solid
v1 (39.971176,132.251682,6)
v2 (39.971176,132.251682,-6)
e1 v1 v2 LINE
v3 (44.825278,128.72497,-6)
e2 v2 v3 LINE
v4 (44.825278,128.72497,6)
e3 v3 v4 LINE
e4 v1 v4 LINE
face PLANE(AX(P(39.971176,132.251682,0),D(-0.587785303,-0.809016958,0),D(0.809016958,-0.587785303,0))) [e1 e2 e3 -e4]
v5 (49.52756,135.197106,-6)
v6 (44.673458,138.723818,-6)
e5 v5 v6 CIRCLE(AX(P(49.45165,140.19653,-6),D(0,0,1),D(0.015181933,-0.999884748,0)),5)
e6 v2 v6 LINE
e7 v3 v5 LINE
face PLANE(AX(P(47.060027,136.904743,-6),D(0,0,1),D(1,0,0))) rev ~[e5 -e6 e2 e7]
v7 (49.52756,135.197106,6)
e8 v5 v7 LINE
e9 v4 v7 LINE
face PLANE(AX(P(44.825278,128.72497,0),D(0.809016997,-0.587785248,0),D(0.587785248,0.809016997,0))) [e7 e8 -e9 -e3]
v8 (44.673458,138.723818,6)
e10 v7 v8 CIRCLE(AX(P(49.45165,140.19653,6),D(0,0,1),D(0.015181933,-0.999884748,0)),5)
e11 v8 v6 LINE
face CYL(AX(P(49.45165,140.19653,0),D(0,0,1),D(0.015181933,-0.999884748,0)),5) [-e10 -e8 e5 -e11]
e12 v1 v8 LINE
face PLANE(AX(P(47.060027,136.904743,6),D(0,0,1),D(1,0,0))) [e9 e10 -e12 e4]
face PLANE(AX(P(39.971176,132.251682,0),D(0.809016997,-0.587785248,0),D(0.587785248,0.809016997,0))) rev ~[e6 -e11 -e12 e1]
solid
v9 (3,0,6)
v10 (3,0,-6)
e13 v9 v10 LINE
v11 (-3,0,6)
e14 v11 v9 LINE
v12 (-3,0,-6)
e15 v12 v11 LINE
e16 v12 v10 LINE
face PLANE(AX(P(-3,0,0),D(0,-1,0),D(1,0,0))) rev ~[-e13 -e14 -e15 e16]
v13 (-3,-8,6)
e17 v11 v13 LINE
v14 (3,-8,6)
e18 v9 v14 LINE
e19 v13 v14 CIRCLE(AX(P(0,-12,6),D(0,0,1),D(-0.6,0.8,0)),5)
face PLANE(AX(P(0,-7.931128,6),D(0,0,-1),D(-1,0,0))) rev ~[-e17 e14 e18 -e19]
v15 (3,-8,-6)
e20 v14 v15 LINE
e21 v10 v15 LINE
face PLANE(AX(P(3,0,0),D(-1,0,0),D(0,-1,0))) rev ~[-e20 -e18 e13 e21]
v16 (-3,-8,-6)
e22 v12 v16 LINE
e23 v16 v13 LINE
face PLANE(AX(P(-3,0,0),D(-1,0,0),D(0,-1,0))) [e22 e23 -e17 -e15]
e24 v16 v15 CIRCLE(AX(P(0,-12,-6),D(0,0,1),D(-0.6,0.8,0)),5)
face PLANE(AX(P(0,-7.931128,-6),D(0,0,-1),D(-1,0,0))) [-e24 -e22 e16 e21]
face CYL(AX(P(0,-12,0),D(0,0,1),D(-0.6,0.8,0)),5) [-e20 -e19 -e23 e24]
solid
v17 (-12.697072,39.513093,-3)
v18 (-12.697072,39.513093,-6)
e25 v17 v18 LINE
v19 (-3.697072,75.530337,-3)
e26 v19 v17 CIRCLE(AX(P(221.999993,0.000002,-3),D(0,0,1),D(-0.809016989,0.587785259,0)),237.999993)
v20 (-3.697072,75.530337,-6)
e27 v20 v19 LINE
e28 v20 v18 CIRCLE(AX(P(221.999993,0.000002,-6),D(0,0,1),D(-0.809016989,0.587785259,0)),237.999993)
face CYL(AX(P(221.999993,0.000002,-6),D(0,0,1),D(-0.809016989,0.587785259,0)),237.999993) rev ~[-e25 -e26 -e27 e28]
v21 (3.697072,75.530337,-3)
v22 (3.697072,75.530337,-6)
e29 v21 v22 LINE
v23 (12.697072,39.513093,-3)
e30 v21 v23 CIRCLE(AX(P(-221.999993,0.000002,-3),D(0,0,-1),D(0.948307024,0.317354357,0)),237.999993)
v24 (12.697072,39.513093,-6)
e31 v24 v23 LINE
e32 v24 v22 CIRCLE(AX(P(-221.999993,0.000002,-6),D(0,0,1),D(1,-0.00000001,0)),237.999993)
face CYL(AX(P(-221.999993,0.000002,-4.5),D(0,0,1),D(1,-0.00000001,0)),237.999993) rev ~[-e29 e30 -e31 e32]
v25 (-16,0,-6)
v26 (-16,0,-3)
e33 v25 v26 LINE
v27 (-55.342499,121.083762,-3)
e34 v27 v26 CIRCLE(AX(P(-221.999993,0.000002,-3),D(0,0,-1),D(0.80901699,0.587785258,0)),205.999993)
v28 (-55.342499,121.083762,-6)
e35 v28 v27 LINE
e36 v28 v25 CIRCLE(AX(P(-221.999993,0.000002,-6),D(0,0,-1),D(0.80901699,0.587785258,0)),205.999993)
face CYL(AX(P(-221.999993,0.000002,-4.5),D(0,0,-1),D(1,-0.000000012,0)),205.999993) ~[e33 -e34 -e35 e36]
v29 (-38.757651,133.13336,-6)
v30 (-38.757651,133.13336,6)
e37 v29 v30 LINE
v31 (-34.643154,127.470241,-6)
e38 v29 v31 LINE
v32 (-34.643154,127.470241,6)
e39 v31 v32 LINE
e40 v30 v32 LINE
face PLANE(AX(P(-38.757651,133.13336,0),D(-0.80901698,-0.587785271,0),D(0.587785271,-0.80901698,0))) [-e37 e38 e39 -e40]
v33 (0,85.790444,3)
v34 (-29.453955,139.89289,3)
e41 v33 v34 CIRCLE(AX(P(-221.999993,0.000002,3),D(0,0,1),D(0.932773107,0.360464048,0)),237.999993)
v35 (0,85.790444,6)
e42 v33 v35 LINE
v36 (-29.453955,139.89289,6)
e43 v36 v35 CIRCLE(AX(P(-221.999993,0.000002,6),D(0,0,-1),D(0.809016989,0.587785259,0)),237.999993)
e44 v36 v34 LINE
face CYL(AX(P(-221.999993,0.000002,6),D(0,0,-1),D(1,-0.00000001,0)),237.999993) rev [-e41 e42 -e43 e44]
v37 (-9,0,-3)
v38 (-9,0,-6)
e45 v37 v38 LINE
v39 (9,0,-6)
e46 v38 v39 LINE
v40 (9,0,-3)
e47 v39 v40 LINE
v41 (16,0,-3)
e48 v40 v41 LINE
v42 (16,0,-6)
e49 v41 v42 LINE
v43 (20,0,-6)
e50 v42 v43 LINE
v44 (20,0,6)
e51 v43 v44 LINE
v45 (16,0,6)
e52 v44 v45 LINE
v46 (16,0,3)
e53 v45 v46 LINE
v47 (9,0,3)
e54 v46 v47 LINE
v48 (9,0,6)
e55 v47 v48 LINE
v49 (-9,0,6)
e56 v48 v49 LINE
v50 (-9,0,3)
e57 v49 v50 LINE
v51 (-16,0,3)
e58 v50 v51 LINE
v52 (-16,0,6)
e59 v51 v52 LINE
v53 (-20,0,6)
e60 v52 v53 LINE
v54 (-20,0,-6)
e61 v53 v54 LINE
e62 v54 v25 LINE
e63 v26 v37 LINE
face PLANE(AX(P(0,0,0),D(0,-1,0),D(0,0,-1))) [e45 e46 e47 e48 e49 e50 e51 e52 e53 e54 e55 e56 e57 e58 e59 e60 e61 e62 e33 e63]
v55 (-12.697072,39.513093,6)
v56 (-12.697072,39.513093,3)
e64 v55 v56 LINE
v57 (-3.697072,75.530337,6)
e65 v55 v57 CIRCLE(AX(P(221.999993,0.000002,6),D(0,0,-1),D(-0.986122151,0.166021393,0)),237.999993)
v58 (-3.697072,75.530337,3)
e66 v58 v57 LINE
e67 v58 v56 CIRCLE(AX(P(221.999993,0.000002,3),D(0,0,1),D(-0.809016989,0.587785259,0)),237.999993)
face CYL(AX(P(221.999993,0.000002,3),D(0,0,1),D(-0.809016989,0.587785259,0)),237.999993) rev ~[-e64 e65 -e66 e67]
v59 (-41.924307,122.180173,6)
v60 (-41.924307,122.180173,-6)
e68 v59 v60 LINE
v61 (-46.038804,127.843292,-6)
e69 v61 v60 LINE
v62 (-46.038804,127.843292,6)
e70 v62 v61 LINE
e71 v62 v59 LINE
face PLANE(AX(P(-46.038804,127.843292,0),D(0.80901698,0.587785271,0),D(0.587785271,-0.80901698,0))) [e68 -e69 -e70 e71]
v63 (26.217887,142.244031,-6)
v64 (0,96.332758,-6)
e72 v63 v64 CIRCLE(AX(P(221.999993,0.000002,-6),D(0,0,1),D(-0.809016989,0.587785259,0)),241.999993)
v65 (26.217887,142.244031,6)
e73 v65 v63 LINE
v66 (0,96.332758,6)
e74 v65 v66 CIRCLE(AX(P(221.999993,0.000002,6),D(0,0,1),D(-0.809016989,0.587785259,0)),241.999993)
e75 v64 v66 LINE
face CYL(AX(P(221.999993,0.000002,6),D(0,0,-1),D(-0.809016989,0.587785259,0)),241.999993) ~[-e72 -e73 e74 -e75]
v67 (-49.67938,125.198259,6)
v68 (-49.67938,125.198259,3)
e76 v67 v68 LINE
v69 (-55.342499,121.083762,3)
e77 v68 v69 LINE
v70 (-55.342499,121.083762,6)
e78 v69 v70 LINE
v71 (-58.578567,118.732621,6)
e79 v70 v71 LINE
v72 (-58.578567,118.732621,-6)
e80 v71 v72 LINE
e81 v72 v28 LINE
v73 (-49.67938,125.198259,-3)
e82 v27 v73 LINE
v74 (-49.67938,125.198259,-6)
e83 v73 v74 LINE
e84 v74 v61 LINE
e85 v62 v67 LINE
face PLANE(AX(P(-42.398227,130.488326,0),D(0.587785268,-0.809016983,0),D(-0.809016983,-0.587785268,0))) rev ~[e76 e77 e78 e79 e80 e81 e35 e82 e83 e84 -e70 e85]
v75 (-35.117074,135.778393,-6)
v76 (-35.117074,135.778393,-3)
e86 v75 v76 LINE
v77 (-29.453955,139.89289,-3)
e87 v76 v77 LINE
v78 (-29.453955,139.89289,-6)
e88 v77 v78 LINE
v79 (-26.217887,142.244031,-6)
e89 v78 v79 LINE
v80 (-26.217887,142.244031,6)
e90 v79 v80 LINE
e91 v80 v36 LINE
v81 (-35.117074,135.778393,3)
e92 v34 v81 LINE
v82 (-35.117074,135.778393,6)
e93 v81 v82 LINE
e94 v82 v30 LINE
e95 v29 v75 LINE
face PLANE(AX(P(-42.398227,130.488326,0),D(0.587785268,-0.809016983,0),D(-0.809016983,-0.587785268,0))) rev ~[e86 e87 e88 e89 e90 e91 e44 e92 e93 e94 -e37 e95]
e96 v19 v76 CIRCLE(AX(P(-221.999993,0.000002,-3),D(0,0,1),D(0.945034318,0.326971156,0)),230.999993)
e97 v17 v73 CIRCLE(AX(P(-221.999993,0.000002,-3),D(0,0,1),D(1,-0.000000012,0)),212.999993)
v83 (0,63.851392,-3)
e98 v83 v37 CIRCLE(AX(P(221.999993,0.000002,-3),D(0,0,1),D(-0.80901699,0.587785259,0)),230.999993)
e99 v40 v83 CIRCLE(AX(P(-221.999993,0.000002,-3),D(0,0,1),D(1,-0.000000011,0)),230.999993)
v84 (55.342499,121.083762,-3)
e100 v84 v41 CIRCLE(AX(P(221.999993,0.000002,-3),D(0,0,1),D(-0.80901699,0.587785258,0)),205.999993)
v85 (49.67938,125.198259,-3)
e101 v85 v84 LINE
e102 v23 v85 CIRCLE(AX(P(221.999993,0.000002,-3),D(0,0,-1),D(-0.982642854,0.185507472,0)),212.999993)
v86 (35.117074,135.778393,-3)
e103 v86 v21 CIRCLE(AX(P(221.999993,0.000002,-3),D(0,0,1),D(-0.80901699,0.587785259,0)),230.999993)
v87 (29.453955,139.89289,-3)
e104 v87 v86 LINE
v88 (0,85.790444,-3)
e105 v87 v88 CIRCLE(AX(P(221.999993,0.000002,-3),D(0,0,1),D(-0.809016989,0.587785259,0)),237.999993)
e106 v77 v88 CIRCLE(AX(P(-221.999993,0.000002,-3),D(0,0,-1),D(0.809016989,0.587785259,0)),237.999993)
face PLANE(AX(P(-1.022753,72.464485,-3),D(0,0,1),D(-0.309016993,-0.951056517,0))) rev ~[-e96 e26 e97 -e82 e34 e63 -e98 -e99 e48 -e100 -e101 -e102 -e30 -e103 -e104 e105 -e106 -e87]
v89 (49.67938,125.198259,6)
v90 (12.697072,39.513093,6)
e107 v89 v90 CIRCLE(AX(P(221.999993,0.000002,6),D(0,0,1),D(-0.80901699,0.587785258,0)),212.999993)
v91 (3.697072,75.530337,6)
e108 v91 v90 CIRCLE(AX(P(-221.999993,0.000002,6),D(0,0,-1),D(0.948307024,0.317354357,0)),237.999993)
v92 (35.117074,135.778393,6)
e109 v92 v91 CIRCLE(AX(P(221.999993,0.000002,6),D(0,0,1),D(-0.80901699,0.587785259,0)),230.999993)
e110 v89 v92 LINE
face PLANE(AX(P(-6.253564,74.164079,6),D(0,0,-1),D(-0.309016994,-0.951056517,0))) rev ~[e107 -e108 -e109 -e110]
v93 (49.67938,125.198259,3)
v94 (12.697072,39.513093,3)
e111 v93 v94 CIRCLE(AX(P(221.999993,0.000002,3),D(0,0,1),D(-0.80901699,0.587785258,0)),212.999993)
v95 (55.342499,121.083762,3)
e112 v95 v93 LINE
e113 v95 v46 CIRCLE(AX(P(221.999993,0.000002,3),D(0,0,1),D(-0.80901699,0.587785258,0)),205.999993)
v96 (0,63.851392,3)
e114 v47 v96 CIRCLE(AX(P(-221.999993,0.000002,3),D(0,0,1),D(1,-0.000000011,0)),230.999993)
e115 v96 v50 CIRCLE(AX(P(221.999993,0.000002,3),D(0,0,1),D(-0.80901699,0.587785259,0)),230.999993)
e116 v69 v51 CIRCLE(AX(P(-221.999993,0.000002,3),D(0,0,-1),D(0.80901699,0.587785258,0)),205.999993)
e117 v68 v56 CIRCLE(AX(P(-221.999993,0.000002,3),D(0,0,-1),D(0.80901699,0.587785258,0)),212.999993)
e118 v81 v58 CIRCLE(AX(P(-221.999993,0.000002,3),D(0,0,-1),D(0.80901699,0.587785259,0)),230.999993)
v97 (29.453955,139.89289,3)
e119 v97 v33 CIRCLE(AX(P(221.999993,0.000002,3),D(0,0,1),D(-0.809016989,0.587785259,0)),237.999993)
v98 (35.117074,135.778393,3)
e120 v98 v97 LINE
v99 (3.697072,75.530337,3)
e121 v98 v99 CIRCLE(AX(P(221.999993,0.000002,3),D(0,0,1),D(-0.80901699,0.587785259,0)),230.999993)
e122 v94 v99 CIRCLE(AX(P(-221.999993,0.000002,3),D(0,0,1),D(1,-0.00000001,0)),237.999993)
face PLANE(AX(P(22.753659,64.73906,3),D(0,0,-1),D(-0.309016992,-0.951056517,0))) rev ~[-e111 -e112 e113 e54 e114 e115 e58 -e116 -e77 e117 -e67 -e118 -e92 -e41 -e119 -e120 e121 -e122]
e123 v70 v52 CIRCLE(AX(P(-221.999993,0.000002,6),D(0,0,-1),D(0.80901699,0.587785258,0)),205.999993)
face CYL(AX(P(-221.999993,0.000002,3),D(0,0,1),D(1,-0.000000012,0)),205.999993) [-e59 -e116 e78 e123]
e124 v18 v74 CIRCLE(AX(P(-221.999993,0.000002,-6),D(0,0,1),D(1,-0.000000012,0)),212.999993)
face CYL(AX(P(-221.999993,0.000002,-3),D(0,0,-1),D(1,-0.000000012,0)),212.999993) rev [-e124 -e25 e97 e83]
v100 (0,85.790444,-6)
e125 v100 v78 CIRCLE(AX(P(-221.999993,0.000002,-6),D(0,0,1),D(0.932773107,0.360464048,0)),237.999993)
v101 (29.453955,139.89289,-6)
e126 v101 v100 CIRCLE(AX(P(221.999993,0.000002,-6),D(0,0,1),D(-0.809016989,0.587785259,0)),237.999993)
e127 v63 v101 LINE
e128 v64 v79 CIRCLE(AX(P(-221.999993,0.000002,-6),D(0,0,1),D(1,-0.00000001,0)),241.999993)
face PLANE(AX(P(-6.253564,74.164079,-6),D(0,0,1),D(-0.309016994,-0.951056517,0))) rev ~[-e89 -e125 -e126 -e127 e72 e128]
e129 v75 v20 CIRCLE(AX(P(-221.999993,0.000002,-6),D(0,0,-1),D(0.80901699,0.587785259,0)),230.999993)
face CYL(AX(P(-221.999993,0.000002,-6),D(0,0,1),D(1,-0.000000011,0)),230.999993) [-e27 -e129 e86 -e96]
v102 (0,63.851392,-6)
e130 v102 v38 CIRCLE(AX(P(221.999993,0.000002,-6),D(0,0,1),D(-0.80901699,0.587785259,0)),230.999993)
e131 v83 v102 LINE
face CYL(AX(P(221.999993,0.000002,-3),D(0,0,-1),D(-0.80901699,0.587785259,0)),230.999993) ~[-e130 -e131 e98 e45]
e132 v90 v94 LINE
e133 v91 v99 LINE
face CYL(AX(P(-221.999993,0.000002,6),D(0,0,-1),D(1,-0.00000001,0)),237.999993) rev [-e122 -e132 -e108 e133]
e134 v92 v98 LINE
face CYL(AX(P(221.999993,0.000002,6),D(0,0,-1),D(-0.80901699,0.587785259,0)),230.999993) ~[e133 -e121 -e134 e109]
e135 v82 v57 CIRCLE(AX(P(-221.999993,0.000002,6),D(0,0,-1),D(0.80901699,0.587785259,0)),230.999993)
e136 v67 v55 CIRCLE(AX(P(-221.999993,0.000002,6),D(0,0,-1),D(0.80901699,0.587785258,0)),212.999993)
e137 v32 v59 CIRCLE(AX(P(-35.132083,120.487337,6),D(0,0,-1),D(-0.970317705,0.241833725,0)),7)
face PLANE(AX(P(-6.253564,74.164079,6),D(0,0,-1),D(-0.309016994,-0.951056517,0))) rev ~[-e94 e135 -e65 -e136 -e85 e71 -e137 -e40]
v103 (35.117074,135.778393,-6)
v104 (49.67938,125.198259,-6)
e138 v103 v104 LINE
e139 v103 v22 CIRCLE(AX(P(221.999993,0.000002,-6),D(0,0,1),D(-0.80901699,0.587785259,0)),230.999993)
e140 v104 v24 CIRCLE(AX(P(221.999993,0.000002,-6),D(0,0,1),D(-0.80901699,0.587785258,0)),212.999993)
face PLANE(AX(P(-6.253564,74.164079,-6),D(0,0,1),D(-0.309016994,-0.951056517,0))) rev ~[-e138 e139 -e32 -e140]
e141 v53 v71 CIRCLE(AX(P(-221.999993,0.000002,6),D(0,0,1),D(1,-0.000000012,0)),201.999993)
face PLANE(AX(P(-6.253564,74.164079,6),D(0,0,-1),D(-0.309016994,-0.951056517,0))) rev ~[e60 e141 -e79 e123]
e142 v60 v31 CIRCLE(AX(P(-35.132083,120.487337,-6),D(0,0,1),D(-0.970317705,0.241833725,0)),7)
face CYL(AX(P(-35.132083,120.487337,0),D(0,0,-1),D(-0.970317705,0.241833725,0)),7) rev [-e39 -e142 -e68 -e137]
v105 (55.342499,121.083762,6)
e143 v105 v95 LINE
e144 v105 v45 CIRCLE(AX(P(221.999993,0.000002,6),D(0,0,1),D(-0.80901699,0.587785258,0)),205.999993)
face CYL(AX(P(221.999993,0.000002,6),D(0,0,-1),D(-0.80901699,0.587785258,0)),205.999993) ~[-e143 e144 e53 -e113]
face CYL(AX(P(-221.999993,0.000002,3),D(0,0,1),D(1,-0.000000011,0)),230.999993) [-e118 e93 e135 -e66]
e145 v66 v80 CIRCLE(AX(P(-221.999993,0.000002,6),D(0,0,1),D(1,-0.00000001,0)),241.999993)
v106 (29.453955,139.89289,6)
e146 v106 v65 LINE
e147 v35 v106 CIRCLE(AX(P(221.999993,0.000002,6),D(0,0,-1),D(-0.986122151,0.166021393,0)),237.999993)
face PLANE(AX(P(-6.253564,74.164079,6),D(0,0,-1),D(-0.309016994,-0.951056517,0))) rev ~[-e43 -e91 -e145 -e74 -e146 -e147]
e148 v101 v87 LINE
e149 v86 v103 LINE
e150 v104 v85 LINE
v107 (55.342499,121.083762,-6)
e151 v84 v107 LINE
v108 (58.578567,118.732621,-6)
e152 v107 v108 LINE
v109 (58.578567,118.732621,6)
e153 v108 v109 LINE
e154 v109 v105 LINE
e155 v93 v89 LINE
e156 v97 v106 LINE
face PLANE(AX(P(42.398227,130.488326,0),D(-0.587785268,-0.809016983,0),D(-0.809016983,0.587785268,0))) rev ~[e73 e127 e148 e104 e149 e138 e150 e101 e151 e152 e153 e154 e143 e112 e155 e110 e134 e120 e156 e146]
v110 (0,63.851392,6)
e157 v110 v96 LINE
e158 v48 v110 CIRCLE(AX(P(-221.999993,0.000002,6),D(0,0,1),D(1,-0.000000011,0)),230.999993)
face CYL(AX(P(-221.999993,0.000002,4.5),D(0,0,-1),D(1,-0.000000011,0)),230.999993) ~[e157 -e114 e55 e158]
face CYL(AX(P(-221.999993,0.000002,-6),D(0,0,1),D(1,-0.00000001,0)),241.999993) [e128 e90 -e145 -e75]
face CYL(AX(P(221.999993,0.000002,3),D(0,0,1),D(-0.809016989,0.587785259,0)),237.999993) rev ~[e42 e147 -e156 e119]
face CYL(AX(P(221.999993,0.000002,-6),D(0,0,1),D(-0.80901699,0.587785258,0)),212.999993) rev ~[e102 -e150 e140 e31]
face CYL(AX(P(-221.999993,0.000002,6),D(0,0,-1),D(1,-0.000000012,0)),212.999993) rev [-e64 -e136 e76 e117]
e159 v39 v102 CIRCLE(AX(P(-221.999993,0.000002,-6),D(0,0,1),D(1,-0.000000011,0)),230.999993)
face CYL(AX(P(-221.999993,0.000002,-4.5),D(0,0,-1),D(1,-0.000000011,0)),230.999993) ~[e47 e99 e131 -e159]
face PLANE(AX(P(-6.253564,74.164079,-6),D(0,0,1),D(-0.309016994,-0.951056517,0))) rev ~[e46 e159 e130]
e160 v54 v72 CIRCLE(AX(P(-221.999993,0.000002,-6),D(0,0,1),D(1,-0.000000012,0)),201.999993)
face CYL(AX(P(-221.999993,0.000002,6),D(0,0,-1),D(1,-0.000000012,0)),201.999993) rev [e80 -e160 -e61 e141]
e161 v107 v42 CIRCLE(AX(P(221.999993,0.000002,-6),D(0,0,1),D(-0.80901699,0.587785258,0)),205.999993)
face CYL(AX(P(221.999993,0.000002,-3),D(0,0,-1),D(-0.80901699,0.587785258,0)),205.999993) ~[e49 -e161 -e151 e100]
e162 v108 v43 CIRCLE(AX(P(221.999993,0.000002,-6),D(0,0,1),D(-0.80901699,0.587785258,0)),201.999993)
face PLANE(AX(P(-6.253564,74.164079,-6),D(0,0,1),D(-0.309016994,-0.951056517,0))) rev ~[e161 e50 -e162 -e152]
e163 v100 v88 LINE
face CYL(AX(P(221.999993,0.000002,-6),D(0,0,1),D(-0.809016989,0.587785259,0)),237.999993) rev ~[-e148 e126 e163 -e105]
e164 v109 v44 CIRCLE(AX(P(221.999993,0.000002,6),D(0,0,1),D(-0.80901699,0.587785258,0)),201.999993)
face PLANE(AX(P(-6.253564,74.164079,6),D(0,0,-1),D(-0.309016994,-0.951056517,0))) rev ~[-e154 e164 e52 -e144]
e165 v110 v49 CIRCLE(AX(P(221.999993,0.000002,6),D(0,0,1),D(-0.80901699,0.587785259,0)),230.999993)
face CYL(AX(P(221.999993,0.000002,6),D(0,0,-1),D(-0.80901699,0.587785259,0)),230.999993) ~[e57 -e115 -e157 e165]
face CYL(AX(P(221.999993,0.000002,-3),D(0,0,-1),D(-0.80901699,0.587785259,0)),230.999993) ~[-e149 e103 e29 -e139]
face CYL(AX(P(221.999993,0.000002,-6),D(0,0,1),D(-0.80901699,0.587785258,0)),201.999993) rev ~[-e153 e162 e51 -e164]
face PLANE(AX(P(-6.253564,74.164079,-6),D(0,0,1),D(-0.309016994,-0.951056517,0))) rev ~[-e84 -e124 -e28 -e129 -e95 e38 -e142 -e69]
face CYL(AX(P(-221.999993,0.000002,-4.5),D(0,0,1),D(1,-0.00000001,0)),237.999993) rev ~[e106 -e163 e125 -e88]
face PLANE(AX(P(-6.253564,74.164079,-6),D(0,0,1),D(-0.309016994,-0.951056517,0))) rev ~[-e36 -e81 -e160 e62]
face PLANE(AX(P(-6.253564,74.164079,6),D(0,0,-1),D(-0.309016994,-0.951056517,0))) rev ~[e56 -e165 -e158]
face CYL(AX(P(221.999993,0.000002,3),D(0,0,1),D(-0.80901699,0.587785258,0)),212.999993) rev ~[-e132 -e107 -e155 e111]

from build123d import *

# Parameters (mm, degrees)
SKETCH003_W       = 7
SKETCH003_H       = 3
SKETCH004_W       = 7
SKETCH004_H       = 3
SKETCH005_W       = 7
SKETCH005_H       = 3
SKETCH006_W       = 7
SKETCH006_H       = 3
POCKET_DEPTH      = 6.001
POCKET_DEPTH_BACK = -6.001
PAD_DEPTH         = 6
PAD001_DEPTH      = 6


with BuildPart() as main:
    # AdditivePipe: sweep along a path in Sketch
    with BuildLine(Plane.XY) as additivepipe_path:
        ThreePointArc((0, 0), (-10.865453, 68.601773), (-42.398227, 130.488326))
    # Sketch002 → AdditivePipe (sweep)
    with BuildSketch(Plane.XZ):
        Polygon((-20, 6), (-20, -6), (-16, -6), (-16, -3), (-9, -3), (-9, -6), (9, -6), (9, -3), (16, -3), (16, -6), (20, -6), (20, 6), (16, 6), (16, 3), (9, 3), (9, 6), (-9, 6), (-9, 3), (-16, 3), (-16, 6), align=None)
    sweep(path=additivepipe_path.line)

    # AdditivePipe001: sweep along a path in Sketch001
    with BuildLine(Plane.XY) as additivepipe001_path:
        ThreePointArc((42.398227, 130.488326), (10.865453, 68.601773), (0, 0))
    # Sketch002 → AdditivePipe001 (sweep)
    with BuildSketch(Plane.XZ):
        Polygon((-20, 6), (-20, -6), (-16, -6), (-16, -3), (-9, -3), (-9, -6), (9, -6), (9, -3), (16, -3), (16, -6), (20, -6), (20, 6), (16, 6), (16, 3), (9, 3), (9, 6), (-9, 6), (-9, 3), (-16, 3), (-16, 6), align=None)
    sweep(path=additivepipe001_path.line)

    # SubtractivePipe: sweep along a path in Sketch
    with BuildLine(Plane.XY) as subtractivepipe_path:
        ThreePointArc((0, 0), (-10.865453, 68.601773), (-42.398227, 130.488326))
    # Sketch003 → SubtractivePipe (sweep, cut)
    with BuildSketch(Plane.XZ):
        with Locations((-12.5, 4.5)):
            Rectangle(SKETCH003_W, SKETCH003_H)
    sweep(path=subtractivepipe_path.line, mode=Mode.SUBTRACT)

    # SubtractivePipe001: sweep along a path in Sketch001
    with BuildLine(Plane.XY) as subtractivepipe001_path:
        ThreePointArc((42.398227, 130.488326), (10.865453, 68.601773), (0, 0))
    # Sketch003 → SubtractivePipe001 (sweep, cut)
    with BuildSketch(Plane.XZ):
        with Locations((-12.5, 4.5)):
            Rectangle(SKETCH003_W, SKETCH003_H)
    sweep(path=subtractivepipe001_path.line, mode=Mode.SUBTRACT)

    # SubtractivePipe002: sweep along a path in Sketch
    with BuildLine(Plane.XY) as subtractivepipe002_path:
        ThreePointArc((0, 0), (-10.865453, 68.601773), (-42.398227, 130.488326))
    # Sketch004 → SubtractivePipe002 (sweep, cut)
    with BuildSketch(Plane.XZ):
        with Locations((12.5, 4.5)):
            Rectangle(SKETCH004_W, SKETCH004_H)
    sweep(path=subtractivepipe002_path.line, mode=Mode.SUBTRACT)

    # SubtractivePipe003: sweep along a path in Sketch001
    with BuildLine(Plane.XY) as subtractivepipe003_path:
        ThreePointArc((42.398227, 130.488326), (10.865453, 68.601773), (0, 0))
    # Sketch004 → SubtractivePipe003 (sweep, cut)
    with BuildSketch(Plane.XZ):
        with Locations((12.5, 4.5)):
            Rectangle(SKETCH004_W, SKETCH004_H)
    sweep(path=subtractivepipe003_path.line, mode=Mode.SUBTRACT)

    # SubtractivePipe004: sweep along a path in Sketch
    with BuildLine(Plane.XY) as subtractivepipe004_path:
        ThreePointArc((0, 0), (-10.865453, 68.601773), (-42.398227, 130.488326))
    # Sketch005 → SubtractivePipe004 (sweep, cut)
    with BuildSketch(Plane.XZ):
        with Locations((-12.5, -4.5)):
            Rectangle(SKETCH005_W, SKETCH005_H)
    sweep(path=subtractivepipe004_path.line, mode=Mode.SUBTRACT)

    # SubtractivePipe005: sweep along a path in Sketch001
    with BuildLine(Plane.XY) as subtractivepipe005_path:
        ThreePointArc((42.398227, 130.488326), (10.865453, 68.601773), (0, 0))
    # Sketch005 → SubtractivePipe005 (sweep, cut)
    with BuildSketch(Plane.XZ):
        with Locations((-12.5, -4.5)):
            Rectangle(SKETCH005_W, SKETCH005_H)
    sweep(path=subtractivepipe005_path.line, mode=Mode.SUBTRACT)

    # SubtractivePipe006: sweep along a path in Sketch
    with BuildLine(Plane.XY) as subtractivepipe006_path:
        ThreePointArc((0, 0), (-10.865453, 68.601773), (-42.398227, 130.488326))
    # Sketch006 → SubtractivePipe006 (sweep, cut)
    with BuildSketch(Plane.XZ):
        with Locations((12.5, -4.5)):
            Rectangle(SKETCH006_W, SKETCH006_H)
    sweep(path=subtractivepipe006_path.line, mode=Mode.SUBTRACT)

    # SubtractivePipe007: sweep along a path in Sketch001
    with BuildLine(Plane.XY) as subtractivepipe007_path:
        ThreePointArc((42.398227, 130.488326), (10.865453, 68.601773), (0, 0))
    # Sketch006 → SubtractivePipe007 (sweep, cut)
    with BuildSketch(Plane.XZ):
        with Locations((12.5, -4.5)):
            Rectangle(SKETCH006_W, SKETCH006_H)
    sweep(path=subtractivepipe007_path.line, mode=Mode.SUBTRACT)

    # Sketch008 → Pocket (cut, two sides)
    with BuildSketch(Plane.XY) as pocket_sk:
        with BuildLine():
            Line((-46.038804, 127.843292), (-38.757651, 133.13336))
            Line((-38.757651, 133.13336), (-34.643154, 127.470241))
            ThreePointArc((-41.924307, 122.180173), (-31.017586, 114.824218), (-34.643154, 127.470241))
            Line((-46.038804, 127.843292), (-41.924307, 122.180173))
        make_face()
    extrude(amount=-POCKET_DEPTH, mode=Mode.SUBTRACT)
    extrude(pocket_sk.sketch, amount=-POCKET_DEPTH_BACK, mode=Mode.SUBTRACT)


with BuildPart() as male1:
    # Sketch010 → Pad (new body, symmetric)
    with BuildSketch(Plane.XY):
        with BuildLine():
            Line((-3, 0), (3, 0))
            Line((3, 0), (3, -8))
            ThreePointArc((-3, -8), (0, -17), (3, -8))
            Line((-3, 0), (-3, -8))
        make_face()
    extrude(amount=PAD_DEPTH, both=True)


with BuildPart() as male3:
    # Sketch011 → Pad001 (new body, symmetric)
    with BuildSketch(Plane.XY):
        with BuildLine():
            Line((39.971176, 132.251682), (44.825278, 128.72497))
            Line((44.825278, 128.72497), (49.52756, 135.197106))
            ThreePointArc((49.52756, 135.197106), (52.390577, 144.241615), (44.673458, 138.723818))
            Line((39.971176, 132.251682), (44.673458, 138.723818))
        make_face()
    extrude(amount=PAD001_DEPTH, both=True)


solid = Compound([main.part, male1.part, male3.part])
